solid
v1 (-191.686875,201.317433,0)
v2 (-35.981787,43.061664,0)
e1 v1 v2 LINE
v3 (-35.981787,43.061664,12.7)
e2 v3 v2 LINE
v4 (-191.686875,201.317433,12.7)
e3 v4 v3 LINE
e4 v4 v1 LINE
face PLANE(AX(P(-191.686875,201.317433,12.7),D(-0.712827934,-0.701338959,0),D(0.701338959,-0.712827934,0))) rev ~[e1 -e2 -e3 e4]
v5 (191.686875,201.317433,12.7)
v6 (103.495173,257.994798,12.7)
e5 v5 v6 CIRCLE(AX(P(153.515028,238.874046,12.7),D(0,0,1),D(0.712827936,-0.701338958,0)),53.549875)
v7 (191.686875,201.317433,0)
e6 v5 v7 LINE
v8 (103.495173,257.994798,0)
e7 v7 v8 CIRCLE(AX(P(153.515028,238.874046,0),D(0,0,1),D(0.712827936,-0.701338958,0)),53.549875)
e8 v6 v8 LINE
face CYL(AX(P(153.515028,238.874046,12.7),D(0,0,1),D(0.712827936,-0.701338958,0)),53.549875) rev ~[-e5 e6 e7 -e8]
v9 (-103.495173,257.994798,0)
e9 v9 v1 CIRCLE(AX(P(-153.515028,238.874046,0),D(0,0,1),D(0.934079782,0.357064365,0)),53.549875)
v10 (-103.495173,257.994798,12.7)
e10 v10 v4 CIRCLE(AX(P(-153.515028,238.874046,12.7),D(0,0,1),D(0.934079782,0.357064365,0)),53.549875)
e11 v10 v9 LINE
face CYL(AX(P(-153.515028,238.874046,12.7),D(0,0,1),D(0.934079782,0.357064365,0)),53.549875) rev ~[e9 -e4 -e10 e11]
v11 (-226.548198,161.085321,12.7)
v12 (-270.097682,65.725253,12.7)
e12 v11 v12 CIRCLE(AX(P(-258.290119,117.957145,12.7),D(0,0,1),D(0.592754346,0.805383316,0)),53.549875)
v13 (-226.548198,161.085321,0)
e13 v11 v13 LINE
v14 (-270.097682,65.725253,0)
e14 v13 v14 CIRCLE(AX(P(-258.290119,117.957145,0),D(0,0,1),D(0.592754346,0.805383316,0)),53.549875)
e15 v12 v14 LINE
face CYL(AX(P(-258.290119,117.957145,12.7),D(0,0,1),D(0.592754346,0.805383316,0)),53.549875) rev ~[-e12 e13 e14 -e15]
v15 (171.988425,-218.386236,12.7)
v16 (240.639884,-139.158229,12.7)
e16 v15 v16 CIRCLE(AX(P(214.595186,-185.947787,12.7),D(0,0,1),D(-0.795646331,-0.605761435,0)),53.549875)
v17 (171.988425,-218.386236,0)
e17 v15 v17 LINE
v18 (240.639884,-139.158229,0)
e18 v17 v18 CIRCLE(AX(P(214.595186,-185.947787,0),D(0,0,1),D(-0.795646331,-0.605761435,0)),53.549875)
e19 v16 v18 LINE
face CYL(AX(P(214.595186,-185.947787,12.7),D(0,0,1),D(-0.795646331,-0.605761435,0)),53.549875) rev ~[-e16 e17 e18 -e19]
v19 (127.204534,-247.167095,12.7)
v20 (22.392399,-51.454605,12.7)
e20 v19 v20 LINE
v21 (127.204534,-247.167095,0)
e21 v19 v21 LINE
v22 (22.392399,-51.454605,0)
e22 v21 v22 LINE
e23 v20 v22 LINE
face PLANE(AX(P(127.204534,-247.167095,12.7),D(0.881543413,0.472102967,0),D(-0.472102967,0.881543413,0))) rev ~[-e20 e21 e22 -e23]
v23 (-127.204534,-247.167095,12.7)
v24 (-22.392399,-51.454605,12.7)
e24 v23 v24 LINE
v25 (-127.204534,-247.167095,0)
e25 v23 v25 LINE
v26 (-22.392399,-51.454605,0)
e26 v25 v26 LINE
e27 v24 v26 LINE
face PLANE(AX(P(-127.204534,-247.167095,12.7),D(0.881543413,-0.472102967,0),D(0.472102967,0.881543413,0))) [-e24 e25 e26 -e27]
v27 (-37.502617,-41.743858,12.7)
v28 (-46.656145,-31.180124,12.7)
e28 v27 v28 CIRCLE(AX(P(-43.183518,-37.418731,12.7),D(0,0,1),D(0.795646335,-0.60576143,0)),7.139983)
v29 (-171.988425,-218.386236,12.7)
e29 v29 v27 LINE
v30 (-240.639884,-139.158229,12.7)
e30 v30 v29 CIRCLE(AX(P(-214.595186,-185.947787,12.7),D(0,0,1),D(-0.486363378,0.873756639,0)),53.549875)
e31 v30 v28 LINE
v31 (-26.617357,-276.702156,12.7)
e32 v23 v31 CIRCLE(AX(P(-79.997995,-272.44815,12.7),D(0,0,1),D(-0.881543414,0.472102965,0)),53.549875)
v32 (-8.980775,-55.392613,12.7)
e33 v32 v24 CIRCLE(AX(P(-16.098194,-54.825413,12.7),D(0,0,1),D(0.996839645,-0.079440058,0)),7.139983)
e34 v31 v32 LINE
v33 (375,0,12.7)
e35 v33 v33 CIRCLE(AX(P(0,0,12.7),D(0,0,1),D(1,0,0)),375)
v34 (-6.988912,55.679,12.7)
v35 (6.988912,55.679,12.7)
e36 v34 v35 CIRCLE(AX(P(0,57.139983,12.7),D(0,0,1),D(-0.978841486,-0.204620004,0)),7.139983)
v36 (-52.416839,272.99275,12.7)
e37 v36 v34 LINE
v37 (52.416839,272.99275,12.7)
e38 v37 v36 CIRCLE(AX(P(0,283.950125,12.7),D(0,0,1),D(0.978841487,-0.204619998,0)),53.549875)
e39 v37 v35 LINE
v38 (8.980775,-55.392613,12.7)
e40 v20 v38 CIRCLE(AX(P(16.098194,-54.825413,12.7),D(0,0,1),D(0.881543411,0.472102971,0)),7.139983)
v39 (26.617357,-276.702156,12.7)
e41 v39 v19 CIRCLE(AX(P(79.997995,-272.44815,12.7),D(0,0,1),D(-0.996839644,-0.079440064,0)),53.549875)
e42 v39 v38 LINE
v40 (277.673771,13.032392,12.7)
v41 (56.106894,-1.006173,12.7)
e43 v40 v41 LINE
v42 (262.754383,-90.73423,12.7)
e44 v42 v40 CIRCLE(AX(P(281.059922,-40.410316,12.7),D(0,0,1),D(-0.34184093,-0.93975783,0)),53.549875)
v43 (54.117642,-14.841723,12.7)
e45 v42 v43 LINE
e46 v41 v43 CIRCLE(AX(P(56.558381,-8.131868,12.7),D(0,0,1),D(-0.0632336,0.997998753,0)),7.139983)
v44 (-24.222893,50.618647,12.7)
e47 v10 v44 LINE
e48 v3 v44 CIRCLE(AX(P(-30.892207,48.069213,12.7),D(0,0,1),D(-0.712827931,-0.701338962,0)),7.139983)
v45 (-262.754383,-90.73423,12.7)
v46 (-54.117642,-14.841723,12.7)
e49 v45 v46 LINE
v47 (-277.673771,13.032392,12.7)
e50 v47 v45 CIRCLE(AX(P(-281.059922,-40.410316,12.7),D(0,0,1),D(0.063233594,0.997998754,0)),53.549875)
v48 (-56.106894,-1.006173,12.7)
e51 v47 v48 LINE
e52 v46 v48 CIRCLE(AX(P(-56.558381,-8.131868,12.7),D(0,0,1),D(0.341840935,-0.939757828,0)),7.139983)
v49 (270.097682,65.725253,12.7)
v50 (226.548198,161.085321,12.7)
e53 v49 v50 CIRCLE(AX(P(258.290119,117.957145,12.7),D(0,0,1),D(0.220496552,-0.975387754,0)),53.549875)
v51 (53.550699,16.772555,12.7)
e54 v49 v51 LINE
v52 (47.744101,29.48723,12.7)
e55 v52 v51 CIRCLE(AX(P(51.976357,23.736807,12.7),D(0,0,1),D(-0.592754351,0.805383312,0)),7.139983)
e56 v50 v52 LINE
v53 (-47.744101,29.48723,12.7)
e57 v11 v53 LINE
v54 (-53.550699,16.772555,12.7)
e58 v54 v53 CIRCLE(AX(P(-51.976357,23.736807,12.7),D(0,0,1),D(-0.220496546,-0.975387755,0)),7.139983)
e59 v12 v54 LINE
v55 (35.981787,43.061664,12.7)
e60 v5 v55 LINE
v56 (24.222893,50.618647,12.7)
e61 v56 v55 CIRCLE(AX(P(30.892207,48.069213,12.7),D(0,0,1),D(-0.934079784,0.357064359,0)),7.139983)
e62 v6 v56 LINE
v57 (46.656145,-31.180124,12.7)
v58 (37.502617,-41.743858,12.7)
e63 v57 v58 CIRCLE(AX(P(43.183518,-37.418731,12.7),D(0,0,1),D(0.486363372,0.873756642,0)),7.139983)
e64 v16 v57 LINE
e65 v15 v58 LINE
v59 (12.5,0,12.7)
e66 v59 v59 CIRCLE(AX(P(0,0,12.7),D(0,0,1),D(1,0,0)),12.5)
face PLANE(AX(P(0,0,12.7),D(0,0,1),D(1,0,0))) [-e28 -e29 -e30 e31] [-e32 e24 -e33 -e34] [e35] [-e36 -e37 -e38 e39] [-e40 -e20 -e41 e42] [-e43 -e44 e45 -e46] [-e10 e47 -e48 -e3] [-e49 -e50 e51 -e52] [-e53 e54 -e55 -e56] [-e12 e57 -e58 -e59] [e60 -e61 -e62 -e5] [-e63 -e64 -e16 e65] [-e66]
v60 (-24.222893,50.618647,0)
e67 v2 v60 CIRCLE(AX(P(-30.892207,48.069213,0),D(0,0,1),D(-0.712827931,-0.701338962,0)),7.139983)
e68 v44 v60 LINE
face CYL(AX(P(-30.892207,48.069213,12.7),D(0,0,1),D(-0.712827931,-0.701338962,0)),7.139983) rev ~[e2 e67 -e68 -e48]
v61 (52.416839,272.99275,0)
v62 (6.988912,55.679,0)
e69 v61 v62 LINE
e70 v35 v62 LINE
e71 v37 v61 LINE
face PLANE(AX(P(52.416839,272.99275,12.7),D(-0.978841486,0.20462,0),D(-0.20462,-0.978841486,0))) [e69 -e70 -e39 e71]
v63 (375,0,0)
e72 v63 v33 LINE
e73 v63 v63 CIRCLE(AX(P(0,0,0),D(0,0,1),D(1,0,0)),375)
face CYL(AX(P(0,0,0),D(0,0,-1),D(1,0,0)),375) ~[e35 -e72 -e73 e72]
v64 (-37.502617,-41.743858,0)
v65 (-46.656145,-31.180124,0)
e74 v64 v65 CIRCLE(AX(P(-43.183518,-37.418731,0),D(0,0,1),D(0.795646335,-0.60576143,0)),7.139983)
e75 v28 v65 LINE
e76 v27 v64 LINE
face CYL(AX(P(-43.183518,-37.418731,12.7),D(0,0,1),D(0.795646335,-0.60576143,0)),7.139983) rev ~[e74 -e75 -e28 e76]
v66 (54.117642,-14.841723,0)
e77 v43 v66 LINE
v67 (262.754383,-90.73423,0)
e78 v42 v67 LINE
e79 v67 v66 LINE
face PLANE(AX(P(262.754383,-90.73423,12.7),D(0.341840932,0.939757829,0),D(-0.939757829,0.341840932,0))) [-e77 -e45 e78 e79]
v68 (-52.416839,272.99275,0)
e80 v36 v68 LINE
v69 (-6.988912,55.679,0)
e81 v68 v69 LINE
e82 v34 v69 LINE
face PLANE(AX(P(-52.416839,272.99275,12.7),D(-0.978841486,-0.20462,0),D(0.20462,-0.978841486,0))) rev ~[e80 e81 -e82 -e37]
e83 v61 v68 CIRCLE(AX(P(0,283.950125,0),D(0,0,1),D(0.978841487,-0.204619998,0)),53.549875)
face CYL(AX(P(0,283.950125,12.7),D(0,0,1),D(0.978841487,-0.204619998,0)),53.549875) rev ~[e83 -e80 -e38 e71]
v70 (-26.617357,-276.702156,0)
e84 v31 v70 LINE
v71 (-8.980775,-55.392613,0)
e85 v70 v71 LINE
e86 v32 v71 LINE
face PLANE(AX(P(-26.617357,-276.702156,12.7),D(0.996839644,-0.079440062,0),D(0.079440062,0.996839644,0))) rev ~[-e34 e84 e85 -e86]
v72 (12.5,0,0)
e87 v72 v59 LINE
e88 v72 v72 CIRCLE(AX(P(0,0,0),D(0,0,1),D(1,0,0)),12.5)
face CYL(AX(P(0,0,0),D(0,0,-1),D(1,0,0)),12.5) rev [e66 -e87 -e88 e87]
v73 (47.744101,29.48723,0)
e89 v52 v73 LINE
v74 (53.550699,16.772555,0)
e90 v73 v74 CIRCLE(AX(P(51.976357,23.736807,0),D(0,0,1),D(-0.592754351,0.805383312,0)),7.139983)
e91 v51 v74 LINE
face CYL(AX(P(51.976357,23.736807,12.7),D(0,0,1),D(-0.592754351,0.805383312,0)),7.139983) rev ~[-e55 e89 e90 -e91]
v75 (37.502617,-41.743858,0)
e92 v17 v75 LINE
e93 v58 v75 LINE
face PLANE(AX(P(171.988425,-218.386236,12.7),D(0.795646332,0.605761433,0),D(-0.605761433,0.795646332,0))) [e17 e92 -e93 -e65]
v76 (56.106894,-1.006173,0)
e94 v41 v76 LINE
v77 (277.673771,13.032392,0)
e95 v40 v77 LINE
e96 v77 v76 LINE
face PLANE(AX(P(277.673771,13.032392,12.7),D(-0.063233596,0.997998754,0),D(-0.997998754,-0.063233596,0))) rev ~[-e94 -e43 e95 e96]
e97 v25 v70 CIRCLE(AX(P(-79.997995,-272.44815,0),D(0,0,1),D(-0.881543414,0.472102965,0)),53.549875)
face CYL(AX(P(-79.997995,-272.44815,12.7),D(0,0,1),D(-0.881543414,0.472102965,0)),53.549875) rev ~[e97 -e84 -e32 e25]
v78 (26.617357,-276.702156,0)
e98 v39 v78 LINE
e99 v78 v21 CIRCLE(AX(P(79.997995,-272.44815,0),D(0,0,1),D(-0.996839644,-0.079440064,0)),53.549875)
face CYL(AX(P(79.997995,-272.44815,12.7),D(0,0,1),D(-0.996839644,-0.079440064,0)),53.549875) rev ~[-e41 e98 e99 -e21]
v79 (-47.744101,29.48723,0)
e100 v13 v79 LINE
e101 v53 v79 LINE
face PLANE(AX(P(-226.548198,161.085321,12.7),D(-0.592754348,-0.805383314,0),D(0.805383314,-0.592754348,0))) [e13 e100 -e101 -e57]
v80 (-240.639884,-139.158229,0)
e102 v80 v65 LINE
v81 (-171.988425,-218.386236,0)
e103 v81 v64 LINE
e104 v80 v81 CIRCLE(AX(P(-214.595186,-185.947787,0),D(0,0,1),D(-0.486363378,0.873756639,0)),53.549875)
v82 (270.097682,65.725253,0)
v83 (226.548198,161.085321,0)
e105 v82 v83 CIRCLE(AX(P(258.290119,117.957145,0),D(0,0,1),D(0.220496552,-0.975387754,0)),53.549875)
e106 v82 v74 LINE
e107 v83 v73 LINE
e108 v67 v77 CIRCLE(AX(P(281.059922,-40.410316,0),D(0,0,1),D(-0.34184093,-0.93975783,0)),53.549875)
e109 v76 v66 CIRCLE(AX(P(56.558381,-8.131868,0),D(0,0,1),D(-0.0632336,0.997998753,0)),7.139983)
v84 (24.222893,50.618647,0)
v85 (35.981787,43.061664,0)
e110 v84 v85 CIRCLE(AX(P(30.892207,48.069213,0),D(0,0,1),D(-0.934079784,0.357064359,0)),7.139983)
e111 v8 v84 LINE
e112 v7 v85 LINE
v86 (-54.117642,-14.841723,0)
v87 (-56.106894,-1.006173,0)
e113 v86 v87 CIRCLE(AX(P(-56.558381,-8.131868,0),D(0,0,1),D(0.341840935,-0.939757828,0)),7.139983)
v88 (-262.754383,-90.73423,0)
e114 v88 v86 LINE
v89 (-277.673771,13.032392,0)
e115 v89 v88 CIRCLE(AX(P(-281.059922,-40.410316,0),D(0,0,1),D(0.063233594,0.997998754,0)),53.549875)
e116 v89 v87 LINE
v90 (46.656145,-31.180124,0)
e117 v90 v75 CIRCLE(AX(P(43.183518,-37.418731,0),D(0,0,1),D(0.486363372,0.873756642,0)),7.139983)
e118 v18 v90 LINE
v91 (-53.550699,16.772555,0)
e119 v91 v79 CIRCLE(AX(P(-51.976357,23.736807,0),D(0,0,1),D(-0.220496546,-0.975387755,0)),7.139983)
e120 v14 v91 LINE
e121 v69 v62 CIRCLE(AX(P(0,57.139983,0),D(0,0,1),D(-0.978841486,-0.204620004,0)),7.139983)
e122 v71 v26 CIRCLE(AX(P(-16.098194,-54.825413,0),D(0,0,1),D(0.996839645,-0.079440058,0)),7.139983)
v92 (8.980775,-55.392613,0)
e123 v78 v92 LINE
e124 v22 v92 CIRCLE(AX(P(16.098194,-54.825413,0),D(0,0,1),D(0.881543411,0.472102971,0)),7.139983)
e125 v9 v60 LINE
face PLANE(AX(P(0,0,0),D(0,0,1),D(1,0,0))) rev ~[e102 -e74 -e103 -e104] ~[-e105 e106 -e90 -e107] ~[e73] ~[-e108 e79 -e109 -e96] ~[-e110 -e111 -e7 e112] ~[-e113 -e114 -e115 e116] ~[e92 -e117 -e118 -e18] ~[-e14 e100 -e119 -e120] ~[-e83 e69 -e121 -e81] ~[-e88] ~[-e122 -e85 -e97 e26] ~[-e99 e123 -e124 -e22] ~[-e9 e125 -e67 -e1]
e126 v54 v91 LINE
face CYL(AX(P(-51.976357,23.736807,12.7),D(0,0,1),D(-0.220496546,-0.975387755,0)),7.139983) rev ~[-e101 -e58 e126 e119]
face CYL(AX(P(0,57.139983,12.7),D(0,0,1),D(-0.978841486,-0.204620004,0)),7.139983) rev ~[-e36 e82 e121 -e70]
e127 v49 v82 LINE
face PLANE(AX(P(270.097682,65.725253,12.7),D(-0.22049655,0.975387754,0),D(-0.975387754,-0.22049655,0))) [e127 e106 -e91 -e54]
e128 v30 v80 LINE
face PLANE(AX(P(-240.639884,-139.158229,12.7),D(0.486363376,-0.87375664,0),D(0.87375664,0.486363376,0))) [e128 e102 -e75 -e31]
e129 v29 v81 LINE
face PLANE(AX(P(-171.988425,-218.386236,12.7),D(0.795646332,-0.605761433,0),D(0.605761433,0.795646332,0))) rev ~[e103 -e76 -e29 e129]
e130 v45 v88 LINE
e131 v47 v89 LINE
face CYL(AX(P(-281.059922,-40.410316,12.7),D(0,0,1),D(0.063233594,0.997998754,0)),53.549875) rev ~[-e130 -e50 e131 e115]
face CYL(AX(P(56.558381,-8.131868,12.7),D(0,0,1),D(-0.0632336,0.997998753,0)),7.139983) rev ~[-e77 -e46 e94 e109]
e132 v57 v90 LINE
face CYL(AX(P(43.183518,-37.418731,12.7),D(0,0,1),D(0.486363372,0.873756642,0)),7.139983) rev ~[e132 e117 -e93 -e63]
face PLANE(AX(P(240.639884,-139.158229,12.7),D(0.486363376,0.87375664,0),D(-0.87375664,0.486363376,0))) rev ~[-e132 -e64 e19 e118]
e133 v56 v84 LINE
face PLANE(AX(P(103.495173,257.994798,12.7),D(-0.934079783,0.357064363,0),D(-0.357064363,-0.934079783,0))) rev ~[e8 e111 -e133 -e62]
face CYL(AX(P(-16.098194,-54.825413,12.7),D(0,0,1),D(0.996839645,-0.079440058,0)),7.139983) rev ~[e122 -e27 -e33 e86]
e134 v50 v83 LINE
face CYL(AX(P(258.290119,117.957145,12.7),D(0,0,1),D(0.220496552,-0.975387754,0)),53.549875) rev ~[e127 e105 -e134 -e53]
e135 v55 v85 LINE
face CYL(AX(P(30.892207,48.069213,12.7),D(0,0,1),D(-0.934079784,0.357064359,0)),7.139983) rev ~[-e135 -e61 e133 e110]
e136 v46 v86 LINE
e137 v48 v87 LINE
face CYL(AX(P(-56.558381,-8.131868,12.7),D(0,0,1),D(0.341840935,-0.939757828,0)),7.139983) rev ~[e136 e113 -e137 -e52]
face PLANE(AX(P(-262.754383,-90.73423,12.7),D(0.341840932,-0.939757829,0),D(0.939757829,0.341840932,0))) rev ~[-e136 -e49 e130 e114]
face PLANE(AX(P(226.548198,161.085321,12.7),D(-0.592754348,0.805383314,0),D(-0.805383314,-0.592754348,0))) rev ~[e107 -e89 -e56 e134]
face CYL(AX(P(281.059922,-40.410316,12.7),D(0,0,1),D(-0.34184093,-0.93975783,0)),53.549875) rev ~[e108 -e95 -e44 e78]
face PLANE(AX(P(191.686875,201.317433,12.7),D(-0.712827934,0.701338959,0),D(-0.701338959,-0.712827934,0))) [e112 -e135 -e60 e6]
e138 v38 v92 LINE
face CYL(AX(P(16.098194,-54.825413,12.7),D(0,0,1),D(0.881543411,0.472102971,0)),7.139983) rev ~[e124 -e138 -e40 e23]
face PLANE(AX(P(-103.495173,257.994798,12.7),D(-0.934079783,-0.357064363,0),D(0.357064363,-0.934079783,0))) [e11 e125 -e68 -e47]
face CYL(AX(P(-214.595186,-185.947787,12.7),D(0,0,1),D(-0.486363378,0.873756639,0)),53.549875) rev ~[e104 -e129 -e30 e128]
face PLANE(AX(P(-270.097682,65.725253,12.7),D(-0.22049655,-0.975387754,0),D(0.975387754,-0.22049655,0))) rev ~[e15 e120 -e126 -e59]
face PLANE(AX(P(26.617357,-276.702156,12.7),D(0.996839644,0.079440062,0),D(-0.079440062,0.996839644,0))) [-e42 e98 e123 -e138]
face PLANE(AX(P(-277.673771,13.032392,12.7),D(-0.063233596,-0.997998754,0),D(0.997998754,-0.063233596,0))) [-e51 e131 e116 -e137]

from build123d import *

# Parameters (mm, degrees)
SKETCH_R           = 375
SKETCH_R_2         = 12.5
PAD_DEPTH          = 12.7
POCKET_DEPTH       = 12.7
POLARPATTERN_COUNT = 11


with BuildPart() as part:
    # Sketch → Pad (new body)
    with BuildSketch(Plane.XY):
        Circle(SKETCH_R)
        Circle(SKETCH_R_2, mode=Mode.SUBTRACT)
    extrude(amount=PAD_DEPTH)

    # Sketch001 (on Face4 of Pad) → Pocket (cut)
    with BuildSketch(Plane.XY.offset(12.7)):
        with BuildLine():
            ThreePointArc((52.416839, 272.99275), (0, 337.5), (-52.416839, 272.99275))
            Line((-52.416839, 272.99275), (-6.988912, 55.679))
            ThreePointArc((-6.988912, 55.679), (0, 50), (6.988912, 55.679))
            Line((52.416839, 272.99275), (6.988912, 55.679))
        make_face()
    pocket = extrude(amount=-POCKET_DEPTH, mode=Mode.SUBTRACT)

    # PolarPattern: Pocket ×11 about axis
    polarpattern_axis = Axis((0, 0, 12.7), (0, 0, 1))
    for i in range(1, POLARPATTERN_COUNT):
        add(pocket.rotate(polarpattern_axis, i * 360 / POLARPATTERN_COUNT), mode=Mode.SUBTRACT)


solid = part.part
